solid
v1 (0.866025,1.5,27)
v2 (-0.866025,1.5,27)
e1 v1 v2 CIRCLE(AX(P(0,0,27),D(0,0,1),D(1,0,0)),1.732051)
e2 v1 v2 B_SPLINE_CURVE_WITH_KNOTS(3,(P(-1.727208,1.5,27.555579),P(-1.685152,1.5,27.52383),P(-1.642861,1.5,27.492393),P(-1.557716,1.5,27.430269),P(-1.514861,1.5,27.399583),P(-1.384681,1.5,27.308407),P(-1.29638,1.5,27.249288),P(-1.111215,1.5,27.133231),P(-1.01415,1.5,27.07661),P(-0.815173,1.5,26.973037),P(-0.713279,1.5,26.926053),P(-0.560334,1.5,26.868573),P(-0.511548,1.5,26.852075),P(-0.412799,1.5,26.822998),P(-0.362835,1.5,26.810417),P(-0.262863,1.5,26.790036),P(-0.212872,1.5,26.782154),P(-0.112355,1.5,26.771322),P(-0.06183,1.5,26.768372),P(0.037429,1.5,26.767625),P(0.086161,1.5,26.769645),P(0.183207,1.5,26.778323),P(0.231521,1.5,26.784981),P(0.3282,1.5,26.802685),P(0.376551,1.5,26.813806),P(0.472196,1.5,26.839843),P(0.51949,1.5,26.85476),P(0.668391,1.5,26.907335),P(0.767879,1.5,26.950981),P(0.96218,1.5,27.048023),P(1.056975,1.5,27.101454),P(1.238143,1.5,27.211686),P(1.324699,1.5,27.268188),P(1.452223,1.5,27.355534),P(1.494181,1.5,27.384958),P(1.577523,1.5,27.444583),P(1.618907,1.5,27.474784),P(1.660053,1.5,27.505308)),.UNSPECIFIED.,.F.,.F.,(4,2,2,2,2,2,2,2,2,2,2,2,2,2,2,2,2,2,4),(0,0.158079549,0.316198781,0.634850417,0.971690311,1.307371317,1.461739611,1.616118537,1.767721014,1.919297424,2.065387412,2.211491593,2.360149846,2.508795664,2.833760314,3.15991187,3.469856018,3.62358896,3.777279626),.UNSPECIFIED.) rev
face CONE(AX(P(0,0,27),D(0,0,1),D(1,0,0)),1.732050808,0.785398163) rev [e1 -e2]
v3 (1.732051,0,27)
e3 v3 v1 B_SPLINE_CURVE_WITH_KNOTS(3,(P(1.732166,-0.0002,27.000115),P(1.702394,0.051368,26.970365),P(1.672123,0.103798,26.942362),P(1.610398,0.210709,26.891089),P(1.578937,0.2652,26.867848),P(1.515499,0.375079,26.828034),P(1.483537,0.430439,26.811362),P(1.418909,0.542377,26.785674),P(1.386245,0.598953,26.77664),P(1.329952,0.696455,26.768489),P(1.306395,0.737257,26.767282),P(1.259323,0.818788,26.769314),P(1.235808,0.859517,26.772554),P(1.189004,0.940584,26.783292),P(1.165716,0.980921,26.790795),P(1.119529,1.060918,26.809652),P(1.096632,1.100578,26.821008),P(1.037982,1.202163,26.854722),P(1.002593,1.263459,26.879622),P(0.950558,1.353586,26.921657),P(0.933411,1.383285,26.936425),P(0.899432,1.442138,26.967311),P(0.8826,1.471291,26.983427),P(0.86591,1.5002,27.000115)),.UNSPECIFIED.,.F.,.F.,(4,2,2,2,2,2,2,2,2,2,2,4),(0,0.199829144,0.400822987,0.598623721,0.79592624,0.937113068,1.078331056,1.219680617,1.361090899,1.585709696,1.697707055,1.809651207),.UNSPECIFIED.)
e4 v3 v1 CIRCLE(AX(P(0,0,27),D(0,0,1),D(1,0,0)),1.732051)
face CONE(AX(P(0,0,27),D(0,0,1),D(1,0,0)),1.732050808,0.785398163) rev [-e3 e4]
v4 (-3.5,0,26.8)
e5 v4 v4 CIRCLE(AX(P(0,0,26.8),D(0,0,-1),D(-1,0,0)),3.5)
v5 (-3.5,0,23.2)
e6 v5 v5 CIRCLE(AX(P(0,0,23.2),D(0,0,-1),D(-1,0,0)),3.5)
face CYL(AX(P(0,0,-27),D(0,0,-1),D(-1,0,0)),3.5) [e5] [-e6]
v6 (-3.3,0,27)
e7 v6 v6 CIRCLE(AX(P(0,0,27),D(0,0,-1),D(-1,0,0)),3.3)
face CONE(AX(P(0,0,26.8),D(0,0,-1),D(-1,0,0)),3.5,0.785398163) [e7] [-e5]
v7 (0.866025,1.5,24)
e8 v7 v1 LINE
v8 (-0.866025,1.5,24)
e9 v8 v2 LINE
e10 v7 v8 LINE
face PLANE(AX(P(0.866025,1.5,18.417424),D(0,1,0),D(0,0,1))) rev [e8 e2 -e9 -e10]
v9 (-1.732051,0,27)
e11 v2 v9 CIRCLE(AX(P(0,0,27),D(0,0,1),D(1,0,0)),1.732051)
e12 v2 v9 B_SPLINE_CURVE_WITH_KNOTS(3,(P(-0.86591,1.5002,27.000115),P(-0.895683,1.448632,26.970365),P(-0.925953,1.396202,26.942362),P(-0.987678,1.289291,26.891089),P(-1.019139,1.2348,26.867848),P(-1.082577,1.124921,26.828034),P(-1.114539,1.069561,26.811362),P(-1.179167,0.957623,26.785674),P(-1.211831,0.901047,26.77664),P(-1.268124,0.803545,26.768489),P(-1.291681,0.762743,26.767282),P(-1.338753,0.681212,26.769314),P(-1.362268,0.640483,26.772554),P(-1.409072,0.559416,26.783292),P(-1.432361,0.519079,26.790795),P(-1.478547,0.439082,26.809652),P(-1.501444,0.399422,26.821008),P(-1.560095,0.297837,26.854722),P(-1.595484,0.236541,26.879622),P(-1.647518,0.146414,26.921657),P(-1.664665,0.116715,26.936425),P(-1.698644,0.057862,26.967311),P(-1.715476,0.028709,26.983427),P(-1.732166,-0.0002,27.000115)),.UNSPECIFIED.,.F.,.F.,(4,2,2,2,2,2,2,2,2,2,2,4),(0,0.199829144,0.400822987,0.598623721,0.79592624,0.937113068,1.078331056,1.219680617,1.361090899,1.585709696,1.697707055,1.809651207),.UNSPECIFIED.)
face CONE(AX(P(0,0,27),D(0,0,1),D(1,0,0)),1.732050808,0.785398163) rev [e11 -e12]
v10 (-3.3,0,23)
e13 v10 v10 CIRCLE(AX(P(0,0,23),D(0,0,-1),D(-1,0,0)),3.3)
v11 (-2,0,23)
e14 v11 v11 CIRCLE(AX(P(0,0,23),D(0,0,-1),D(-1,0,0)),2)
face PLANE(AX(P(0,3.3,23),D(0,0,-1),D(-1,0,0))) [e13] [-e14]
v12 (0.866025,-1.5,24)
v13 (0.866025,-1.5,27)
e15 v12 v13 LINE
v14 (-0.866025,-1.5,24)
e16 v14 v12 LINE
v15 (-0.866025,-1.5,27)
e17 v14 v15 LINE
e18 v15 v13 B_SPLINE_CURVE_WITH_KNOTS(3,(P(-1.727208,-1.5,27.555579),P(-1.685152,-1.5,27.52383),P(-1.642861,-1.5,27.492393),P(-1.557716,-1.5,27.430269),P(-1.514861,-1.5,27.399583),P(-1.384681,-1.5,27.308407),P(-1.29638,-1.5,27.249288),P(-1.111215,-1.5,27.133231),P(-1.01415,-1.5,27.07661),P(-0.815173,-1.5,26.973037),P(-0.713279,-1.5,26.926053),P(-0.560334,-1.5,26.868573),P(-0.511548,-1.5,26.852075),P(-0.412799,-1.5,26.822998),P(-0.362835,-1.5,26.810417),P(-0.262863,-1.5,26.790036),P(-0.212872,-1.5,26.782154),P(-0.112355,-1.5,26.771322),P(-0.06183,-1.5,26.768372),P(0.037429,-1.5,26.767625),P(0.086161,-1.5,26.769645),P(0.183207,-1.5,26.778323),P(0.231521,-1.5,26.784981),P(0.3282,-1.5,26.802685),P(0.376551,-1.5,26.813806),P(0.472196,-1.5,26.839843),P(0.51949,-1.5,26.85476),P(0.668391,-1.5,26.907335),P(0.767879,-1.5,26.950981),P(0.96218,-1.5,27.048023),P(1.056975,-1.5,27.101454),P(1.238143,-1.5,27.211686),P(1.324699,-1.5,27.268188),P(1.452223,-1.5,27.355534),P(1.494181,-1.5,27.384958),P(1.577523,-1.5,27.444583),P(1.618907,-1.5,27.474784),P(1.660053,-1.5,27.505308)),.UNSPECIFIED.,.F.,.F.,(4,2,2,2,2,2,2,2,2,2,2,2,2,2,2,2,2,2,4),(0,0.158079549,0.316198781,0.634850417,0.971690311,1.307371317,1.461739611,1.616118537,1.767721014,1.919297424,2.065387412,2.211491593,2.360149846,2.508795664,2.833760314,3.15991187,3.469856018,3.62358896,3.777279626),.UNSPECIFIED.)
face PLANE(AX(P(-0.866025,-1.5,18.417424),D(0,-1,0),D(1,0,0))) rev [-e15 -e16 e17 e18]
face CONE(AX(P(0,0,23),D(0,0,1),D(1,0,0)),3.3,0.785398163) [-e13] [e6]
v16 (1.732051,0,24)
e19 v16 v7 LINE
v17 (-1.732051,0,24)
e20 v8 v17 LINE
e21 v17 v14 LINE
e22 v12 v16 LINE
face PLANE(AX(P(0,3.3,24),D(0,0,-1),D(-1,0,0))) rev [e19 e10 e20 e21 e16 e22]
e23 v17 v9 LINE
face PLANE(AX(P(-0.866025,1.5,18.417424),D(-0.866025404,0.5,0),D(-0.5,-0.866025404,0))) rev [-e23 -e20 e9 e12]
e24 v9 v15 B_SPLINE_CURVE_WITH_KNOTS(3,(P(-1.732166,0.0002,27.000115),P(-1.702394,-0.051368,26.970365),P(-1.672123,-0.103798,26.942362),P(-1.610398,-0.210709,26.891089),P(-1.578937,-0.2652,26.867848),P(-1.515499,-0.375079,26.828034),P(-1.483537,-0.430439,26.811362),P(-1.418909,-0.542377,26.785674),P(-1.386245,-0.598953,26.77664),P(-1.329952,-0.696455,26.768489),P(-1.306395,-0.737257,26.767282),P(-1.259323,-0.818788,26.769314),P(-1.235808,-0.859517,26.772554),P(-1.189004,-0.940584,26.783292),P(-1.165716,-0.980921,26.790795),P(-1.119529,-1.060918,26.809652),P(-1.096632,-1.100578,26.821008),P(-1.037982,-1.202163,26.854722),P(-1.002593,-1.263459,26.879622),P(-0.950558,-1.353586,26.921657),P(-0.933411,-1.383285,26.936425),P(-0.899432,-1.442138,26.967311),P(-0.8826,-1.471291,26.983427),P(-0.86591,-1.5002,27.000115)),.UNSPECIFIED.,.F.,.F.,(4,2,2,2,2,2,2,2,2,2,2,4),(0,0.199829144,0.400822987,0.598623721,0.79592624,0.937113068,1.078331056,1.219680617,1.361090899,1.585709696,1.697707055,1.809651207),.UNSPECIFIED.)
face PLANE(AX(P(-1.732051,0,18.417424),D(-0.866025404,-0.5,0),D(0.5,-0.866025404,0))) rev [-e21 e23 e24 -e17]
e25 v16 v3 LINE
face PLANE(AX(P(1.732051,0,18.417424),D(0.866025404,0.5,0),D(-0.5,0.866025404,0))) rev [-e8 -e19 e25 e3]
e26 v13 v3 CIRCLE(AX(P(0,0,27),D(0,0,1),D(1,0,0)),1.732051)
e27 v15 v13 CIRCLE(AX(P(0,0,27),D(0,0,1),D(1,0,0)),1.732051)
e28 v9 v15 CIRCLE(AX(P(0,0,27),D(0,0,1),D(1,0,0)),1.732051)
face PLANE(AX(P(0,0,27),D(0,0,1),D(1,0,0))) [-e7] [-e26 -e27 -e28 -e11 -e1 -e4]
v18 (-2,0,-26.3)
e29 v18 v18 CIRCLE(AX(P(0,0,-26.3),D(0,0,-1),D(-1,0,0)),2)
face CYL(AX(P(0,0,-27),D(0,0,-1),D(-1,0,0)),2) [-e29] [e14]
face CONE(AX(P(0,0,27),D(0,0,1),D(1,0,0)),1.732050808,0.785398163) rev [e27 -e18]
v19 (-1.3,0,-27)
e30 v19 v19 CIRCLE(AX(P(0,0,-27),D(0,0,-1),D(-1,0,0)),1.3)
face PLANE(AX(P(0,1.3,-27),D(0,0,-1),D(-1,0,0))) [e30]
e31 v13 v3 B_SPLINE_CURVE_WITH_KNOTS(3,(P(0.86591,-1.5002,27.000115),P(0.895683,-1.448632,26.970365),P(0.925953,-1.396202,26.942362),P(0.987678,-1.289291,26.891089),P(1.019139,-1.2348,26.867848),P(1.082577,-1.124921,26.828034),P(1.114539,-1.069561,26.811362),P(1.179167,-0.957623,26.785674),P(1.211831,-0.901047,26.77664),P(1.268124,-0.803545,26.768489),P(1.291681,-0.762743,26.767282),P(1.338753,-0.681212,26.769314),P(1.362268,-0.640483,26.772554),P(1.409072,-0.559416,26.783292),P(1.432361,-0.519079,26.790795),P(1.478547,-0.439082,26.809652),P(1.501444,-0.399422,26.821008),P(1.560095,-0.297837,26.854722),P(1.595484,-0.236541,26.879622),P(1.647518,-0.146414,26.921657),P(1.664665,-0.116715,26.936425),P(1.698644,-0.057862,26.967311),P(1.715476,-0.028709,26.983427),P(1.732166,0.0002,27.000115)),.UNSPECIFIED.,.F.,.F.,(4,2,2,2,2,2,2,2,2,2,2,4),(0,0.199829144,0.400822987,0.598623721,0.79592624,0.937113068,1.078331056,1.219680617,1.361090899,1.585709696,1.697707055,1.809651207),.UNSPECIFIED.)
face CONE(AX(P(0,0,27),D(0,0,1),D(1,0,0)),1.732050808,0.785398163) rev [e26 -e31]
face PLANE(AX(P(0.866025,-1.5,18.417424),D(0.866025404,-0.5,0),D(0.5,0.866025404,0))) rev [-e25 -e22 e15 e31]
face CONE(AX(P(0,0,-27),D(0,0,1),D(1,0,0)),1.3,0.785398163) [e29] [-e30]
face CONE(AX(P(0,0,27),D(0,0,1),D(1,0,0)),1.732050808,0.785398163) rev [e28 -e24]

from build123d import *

# Parameters (mm, degrees)
CUT_EXTRUDE1_DEPTH = 3
SKETCH4_R          = 1.732050808
CUT_EXTRUDE2_DEPTH = 3
CUT_EXTRUDE2_DRAFT = -45


with BuildPart() as part:
    # Sketch2 → Revolve1 (revolve)
    with BuildSketch(Plane(origin=(0, 0, 0), x_dir=(0, 0, -1), z_dir=(1, 0, 0))):
        Polygon((-27, 0), (-27, 3.3), (-26.8, 3.5), (-23.2, 3.5), (-23, 3.3), (-23, 2), (26.3, 2), (27, 1.3), (27, 0), align=None)
    revolve(axis=Axis((0, 0, -27), (0, 0, 1)))

    # Sketch3 → Cut-Extrude1 (cut)
    with BuildSketch(Plane.XY.offset(27)):
        Polygon((0.866025404, 1.5), (-0.866025404, 1.5), (-1.732050808, 0), (-0.866025404, -1.5), (0.866025404, -1.5), (1.732050808, 0), align=None)
    extrude(amount=-CUT_EXTRUDE1_DEPTH, mode=Mode.SUBTRACT)


with BuildPart() as cut_extrude2_tool:
    # Sketch4 → Cut-Extrude2 (with draft: the straight prism first)
    with BuildSketch(Plane.XY.offset(27)):
        Circle(SKETCH4_R)
    extrude(amount=-CUT_EXTRUDE2_DEPTH)
    # Cut-Extrude2: the draft: its side faces are tilted about the plane it starts from
    cut_extrude2_sides = [cut_extrude2_tool.faces().sort_by_distance(p)[0] for p in [
        (-1.732050808, 0, 25.5),
    ]]
    draft(cut_extrude2_sides, Plane.XY.offset(27), CUT_EXTRUDE2_DRAFT)


with BuildPart() as part_1:
    add(part.part)

    # Cut-Extrude2: cut by cut_extrude2_tool
    add(cut_extrude2_tool.part, mode=Mode.SUBTRACT)


solid = part_1.part
